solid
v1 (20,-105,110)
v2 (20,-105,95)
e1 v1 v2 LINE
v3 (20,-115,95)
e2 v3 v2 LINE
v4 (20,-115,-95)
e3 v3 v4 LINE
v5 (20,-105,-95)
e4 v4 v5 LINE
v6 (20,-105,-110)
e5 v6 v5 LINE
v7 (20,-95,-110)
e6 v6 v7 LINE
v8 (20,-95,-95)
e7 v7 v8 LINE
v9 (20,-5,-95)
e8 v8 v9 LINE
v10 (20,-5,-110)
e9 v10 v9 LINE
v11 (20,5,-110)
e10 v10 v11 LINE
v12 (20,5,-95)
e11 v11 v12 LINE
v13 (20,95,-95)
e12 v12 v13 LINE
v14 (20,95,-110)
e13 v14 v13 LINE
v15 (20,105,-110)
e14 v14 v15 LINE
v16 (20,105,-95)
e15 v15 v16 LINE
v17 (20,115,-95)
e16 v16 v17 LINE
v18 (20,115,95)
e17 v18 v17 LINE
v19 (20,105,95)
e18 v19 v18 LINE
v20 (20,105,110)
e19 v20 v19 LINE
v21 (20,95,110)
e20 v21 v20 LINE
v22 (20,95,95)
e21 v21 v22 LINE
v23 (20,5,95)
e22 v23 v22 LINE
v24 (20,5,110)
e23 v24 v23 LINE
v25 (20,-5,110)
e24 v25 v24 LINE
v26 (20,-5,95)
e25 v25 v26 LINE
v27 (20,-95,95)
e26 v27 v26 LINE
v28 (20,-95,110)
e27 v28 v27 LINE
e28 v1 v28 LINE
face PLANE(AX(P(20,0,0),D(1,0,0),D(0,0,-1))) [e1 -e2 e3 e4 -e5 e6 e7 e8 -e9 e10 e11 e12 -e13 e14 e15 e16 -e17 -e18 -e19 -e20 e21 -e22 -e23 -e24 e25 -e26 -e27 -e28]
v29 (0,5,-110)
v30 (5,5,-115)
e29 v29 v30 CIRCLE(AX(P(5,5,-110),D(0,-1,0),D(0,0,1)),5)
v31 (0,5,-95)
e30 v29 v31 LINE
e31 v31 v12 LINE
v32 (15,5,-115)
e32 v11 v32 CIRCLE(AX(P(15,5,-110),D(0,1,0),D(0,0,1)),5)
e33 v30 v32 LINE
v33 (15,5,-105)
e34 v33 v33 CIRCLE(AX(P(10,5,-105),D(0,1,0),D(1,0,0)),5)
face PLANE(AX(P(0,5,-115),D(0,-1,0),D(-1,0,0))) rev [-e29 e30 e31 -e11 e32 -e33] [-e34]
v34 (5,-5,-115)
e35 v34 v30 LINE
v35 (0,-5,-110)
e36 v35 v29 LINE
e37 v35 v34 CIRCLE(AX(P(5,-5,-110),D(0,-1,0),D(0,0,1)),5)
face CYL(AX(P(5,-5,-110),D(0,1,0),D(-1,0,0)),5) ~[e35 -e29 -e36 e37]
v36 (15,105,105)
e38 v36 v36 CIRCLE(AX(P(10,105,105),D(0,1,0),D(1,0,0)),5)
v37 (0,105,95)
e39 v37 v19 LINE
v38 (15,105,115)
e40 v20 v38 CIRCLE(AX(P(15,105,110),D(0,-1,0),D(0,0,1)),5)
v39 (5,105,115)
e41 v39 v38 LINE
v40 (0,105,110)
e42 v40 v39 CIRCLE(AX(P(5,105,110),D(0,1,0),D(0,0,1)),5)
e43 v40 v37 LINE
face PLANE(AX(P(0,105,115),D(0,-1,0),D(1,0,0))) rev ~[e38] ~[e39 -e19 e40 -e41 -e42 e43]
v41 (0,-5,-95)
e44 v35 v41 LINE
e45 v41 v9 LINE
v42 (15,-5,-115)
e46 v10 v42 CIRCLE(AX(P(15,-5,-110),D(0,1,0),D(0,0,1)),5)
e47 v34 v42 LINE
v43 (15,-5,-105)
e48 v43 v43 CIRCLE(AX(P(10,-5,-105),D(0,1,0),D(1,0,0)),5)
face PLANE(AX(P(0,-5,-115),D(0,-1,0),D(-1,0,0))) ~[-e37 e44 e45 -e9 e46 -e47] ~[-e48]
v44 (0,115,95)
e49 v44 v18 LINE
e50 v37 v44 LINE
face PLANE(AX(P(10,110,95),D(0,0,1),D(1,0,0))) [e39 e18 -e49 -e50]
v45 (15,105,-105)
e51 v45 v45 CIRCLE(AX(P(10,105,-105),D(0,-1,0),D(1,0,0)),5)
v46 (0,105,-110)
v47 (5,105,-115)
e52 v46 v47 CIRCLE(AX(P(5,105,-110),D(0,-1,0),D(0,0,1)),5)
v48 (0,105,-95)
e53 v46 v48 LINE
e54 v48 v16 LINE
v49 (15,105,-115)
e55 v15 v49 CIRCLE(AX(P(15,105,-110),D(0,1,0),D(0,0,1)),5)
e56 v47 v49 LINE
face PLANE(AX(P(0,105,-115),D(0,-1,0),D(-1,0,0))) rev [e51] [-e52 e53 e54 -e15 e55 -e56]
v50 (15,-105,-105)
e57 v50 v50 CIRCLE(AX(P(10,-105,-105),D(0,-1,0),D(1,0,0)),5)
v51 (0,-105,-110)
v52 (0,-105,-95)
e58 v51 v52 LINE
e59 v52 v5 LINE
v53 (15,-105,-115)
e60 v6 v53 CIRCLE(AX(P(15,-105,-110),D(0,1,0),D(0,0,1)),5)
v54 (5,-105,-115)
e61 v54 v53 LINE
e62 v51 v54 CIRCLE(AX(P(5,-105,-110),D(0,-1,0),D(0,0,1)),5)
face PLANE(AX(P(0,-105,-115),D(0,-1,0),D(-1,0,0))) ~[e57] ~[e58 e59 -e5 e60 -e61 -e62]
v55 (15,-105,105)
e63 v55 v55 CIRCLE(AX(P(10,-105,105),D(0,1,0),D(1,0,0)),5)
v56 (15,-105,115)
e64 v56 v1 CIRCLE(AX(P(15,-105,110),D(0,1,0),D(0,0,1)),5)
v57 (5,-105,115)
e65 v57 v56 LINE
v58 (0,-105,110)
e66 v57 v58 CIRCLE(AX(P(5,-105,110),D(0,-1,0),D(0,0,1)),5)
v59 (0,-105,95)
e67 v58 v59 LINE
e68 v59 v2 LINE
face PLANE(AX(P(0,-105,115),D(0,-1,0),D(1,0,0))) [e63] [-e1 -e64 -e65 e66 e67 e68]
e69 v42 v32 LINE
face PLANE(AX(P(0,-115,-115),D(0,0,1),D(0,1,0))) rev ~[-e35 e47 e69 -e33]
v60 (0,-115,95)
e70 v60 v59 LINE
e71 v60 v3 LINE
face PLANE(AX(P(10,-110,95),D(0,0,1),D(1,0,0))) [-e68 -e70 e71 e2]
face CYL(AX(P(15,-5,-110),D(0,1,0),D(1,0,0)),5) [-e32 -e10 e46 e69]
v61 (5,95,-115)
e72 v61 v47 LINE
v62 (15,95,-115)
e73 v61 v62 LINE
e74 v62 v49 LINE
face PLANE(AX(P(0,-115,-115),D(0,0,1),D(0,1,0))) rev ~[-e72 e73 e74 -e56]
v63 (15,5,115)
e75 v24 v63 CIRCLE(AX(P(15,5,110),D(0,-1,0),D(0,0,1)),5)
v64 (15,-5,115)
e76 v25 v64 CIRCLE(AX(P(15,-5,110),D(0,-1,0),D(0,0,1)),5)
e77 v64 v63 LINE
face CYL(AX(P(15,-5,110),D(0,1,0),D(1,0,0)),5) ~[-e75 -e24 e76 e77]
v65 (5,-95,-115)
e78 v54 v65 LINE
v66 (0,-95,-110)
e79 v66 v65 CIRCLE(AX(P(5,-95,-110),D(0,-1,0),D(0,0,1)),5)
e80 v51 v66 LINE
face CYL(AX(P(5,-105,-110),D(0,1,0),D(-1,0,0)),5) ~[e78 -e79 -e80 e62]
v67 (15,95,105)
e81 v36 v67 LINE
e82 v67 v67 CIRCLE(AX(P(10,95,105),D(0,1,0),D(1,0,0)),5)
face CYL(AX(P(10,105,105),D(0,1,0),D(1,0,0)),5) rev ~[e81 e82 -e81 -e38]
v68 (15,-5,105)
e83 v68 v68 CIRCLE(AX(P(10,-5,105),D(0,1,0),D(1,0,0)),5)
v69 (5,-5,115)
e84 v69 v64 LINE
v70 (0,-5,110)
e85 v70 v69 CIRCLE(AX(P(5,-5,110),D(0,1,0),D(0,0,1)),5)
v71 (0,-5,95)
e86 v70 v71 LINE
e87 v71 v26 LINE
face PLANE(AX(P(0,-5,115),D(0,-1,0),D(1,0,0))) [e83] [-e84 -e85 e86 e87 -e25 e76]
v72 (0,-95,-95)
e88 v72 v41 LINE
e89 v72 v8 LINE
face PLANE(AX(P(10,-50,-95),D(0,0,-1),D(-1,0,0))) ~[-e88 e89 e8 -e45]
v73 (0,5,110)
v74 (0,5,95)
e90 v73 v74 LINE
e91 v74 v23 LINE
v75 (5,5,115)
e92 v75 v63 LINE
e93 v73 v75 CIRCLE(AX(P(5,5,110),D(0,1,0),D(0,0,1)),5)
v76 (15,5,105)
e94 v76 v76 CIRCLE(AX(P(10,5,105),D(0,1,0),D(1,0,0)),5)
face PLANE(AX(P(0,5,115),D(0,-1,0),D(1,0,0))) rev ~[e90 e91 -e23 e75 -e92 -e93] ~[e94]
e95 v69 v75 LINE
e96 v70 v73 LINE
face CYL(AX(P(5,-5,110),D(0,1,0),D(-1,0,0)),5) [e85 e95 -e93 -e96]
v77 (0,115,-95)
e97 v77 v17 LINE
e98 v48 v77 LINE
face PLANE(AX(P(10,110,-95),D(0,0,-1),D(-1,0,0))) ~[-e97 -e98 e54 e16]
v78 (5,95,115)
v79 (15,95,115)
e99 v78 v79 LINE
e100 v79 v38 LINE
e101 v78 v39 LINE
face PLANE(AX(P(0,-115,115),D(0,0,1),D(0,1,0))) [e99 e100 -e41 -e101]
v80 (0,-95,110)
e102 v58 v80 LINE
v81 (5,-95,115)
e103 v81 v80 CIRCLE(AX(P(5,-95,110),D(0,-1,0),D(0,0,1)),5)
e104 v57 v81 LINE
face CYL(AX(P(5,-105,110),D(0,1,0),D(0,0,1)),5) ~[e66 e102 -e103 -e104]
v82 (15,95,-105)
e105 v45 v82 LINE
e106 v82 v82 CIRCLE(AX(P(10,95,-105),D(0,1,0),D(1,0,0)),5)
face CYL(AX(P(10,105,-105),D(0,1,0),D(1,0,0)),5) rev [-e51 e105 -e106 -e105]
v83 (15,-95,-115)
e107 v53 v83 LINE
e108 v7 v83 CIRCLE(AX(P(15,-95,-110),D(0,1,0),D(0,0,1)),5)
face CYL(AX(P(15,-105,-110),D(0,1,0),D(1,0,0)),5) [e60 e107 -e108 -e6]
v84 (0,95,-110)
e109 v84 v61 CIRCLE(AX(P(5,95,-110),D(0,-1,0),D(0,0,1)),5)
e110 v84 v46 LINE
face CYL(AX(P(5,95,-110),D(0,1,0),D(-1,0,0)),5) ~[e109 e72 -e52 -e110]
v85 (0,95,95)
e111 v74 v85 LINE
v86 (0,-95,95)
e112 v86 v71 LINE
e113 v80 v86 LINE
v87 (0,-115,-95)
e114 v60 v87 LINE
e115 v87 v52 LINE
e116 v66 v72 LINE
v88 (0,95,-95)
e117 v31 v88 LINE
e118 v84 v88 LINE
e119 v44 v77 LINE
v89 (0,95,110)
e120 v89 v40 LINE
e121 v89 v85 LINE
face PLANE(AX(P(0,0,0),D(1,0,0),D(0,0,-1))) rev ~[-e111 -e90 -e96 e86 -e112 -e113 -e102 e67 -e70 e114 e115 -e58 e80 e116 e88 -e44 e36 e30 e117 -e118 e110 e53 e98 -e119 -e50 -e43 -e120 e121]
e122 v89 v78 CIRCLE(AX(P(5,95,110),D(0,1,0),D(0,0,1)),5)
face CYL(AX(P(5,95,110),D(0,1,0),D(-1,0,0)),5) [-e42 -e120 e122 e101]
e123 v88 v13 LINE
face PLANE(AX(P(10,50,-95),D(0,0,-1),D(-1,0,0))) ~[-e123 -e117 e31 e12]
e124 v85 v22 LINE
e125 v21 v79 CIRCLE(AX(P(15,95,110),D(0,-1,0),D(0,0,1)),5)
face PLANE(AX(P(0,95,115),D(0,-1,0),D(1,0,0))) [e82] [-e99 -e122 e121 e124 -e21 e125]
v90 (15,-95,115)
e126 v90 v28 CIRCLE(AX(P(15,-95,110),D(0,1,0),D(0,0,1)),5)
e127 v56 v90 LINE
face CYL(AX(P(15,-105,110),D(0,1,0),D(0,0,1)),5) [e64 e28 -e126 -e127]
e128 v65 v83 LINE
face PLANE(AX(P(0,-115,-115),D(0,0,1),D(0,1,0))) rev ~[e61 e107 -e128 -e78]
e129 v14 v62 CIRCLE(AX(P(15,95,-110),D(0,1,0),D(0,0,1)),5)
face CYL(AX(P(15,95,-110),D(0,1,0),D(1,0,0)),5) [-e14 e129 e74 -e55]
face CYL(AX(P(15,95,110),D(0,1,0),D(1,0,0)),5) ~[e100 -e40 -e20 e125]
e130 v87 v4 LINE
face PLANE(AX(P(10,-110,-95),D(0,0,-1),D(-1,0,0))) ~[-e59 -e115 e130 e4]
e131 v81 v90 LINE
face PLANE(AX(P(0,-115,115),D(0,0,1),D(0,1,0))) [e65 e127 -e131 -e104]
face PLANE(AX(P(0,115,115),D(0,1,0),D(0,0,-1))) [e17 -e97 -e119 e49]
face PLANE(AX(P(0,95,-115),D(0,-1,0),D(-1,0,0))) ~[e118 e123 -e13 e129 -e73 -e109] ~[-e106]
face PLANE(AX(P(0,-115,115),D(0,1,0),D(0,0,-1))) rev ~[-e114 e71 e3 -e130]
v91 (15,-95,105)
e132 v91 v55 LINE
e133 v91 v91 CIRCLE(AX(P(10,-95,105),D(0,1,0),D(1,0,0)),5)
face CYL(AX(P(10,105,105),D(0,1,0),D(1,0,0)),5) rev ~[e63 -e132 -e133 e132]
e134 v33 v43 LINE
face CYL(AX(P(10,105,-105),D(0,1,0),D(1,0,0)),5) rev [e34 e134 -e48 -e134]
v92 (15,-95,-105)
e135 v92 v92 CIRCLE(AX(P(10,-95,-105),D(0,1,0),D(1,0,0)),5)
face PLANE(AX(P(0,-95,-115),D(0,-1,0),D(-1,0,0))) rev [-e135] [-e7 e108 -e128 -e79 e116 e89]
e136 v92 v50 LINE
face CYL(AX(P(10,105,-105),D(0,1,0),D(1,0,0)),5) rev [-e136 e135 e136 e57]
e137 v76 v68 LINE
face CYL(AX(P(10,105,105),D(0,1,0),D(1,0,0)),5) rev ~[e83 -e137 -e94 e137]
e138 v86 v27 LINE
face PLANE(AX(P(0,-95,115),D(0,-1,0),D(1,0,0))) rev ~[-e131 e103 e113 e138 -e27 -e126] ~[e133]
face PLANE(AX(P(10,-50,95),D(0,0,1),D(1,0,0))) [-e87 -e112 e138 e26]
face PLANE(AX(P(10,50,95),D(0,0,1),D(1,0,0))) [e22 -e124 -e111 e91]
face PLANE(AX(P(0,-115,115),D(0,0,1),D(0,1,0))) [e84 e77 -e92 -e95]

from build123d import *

# Parameters (mm, degrees)
SKETCH1_W           = 230
SKETCH1_H           = 230
BOSS_EXTRUDE1_DEPTH = 20
SKETCH2_W           = 20
SKETCH2_H           = 10
SKETCH2_H_2         = 90
CUT_EXTRUDE1_DEPTH  = 20
SKETCH3_R           = 5
CUT_EXTRUDE2_DEPTH  = 210
FILLET1_R           = 5
FILLET2_R           = 5


with BuildPart() as part:
    # Sketch1 → Boss-Extrude1 (new body)
    with BuildSketch(Plane(origin=(0, 0, 0), x_dir=(0, 0, -1), z_dir=(1, 0, 0))):
        Rectangle(SKETCH1_W, SKETCH1_H)
    extrude(amount=BOSS_EXTRUDE1_DEPTH)

    # Sketch2 → Cut-Extrude1 (cut)
    with BuildSketch(Plane.XY.offset(115)):
        with Locations((10, 110)):
            Rectangle(SKETCH2_W, SKETCH2_H)
        with Locations((10, 50)):
            Rectangle(SKETCH2_W, SKETCH2_H_2)
        with Locations((10, -50)):
            Rectangle(SKETCH2_W, SKETCH2_H_2)
        with Locations((10, -110)):
            Rectangle(SKETCH2_W, SKETCH2_H)
    cut_extrude1 = extrude(amount=-CUT_EXTRUDE1_DEPTH, mode=Mode.SUBTRACT)

    # Sketch3 → Cut-Extrude2 (cut)
    with BuildSketch(Plane(origin=(0, 105, 0), x_dir=(1, 0, 0), z_dir=(0, 1, 0))):
        with Locations((10, -105)):
            Circle(SKETCH3_R)
    cut_extrude2 = extrude(amount=-CUT_EXTRUDE2_DEPTH, mode=Mode.SUBTRACT)

    # Fillet1
    fillet1_edges = [part.edges().sort_by_distance(p)[0] for p in [
        (0, 100, 115),
        (0, 0, 115),
        (0, -100, 115),
        (20, 100, 115),
        (20, 0, 115),
        (20, -100, 115),
    ]]
    fillet(fillet1_edges, radius=FILLET1_R)

    # Mirror5: Cut-Extrude1, Cut-Extrude2 across plane
    add(cut_extrude1.mirror(Plane.XY), mode=Mode.SUBTRACT)
    add(cut_extrude2.mirror(Plane.XY), mode=Mode.SUBTRACT)

    # Fillet2
    fillet2_edges = [part.edges().sort_by_distance(p)[0] for p in [
        (0, -100, -115),
        (0, 0, -115),
        (0, 100, -115),
        (20, -100, -115),
        (20, 0, -115),
        (20, 100, -115),
    ]]
    fillet(fillet2_edges, radius=FILLET2_R)


solid = part.part
